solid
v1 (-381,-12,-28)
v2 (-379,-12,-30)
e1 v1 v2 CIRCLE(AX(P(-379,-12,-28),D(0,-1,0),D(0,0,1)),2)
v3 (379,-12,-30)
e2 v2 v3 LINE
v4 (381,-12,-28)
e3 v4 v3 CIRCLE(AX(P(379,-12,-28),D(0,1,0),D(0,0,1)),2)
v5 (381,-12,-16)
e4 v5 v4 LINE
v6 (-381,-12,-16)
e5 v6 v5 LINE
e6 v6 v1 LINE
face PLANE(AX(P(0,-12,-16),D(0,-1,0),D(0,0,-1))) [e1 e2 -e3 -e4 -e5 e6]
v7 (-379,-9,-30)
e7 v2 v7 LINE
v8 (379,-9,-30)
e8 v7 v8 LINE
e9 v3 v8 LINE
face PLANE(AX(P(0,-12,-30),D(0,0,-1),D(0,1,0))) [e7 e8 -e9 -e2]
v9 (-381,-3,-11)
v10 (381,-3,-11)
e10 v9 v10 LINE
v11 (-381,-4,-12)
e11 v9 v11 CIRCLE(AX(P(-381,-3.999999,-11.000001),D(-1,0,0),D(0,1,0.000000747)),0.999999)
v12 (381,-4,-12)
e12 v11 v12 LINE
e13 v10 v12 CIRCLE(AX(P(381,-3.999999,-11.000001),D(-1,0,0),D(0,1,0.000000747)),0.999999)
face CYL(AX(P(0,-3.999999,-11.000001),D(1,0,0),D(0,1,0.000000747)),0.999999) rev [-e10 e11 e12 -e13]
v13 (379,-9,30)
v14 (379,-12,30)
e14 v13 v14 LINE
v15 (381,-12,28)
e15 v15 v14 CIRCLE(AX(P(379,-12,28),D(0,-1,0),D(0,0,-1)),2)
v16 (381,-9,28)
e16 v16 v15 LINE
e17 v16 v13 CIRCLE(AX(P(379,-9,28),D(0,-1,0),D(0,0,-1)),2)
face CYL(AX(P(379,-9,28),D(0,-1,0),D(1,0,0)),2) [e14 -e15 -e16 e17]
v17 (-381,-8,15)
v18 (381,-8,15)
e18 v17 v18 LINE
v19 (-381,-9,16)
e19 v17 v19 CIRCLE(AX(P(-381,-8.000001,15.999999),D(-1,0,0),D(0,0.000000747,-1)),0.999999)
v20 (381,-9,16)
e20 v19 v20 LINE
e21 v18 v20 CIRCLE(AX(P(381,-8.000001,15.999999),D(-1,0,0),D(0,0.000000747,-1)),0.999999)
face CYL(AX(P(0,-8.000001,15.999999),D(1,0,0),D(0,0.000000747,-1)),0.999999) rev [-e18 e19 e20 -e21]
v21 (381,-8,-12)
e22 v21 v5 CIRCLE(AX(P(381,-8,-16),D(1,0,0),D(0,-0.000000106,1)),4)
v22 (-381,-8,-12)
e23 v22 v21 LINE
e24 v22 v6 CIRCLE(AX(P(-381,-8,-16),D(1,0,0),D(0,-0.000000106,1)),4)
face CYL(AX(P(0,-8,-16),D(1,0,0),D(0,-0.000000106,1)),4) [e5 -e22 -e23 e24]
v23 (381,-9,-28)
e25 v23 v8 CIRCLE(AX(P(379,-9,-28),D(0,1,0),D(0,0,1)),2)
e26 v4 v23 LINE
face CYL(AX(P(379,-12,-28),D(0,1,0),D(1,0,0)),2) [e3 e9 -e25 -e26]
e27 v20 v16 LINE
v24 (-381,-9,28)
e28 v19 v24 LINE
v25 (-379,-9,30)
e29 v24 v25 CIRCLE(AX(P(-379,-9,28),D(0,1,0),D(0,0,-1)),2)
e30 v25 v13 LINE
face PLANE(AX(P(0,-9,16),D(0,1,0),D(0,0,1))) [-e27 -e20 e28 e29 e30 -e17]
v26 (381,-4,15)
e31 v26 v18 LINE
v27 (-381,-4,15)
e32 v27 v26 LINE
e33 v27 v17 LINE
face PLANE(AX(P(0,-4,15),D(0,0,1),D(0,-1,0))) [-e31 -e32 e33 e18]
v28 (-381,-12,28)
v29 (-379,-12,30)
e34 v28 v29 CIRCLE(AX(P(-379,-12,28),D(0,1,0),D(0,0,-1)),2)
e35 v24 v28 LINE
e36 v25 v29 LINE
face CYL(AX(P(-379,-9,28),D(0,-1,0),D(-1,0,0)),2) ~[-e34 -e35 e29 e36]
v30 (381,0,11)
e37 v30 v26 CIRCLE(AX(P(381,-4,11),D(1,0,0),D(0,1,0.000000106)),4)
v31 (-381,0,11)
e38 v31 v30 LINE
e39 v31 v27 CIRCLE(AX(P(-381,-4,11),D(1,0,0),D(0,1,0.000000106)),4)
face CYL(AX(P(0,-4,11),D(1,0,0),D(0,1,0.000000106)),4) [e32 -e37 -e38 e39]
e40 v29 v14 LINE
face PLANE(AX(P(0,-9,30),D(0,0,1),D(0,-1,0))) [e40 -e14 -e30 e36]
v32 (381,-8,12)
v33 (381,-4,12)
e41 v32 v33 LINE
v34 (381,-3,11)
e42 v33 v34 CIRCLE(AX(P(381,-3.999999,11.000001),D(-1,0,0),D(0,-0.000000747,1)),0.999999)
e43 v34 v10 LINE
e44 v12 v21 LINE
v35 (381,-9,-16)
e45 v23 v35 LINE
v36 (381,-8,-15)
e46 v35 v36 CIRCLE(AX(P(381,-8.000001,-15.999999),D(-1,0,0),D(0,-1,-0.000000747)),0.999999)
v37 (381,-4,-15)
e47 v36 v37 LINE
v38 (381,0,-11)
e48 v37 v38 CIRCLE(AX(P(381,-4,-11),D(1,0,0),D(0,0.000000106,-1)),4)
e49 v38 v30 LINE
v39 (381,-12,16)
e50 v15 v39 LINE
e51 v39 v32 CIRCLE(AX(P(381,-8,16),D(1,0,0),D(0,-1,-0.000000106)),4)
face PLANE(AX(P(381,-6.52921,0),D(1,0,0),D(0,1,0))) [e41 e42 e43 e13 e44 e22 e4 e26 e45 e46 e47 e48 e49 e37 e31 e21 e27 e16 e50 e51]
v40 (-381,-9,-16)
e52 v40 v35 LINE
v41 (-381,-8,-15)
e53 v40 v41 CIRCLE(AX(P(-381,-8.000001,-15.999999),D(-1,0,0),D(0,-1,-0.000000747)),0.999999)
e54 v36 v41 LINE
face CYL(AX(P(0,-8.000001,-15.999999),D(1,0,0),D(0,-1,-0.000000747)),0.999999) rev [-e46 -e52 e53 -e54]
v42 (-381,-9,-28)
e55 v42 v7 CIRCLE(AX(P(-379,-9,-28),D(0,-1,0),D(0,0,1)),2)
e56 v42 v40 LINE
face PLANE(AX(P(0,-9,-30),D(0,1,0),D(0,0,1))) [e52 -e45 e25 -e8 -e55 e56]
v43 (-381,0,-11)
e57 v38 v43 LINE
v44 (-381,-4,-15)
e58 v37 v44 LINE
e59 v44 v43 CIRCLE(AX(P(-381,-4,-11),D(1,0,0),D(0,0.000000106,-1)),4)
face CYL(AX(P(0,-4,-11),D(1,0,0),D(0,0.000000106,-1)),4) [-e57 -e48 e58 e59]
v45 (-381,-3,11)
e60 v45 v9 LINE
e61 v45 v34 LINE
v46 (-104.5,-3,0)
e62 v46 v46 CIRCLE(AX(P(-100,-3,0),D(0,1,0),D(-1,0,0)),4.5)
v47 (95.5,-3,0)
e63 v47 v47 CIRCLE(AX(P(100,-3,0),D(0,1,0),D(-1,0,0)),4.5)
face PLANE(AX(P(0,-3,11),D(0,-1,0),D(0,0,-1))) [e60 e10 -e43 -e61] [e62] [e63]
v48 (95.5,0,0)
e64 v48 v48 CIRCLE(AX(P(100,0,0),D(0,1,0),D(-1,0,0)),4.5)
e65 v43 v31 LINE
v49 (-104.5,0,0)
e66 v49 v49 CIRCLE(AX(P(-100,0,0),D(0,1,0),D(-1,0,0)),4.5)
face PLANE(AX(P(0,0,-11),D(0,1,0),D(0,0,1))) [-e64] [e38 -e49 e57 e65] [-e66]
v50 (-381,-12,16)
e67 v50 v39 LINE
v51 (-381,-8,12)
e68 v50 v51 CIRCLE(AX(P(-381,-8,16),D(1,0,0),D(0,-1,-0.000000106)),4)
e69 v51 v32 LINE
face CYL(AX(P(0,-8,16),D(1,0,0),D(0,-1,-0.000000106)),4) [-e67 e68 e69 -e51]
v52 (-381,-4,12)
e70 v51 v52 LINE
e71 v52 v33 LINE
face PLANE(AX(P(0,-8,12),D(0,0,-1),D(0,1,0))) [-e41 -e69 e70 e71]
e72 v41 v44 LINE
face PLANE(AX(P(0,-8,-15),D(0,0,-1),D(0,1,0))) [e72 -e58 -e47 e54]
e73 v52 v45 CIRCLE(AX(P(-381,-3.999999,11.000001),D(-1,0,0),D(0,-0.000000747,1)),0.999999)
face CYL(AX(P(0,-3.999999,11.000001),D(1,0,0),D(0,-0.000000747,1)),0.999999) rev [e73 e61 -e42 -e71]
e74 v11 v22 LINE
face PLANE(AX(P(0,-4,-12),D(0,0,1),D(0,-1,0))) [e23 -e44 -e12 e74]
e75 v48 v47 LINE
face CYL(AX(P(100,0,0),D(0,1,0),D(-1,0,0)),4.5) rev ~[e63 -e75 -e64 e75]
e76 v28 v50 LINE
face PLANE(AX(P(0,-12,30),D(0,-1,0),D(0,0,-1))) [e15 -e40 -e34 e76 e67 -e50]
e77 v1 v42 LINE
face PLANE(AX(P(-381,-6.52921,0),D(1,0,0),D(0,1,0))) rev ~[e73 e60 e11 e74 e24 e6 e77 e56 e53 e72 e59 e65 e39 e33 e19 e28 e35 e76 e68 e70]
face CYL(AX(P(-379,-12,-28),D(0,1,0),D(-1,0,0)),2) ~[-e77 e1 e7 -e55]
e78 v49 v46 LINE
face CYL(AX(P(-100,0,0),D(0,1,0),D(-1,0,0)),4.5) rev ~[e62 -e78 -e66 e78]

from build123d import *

# Parameters (mm, degrees)
F1_DEPTH = 381
F2_R     = 4.5
F3_DEPTH = 12.001
F4_R     = 2


with BuildPart() as f1:
    # F0 (on Right) → F1 (new body, symmetric)
    with BuildSketch(Plane.YZ):
        with BuildLine():
            Line((0, -11), (0, 0))
            Line((0, 0), (0, 11))
            ThreePointArc((0, 11), (-1.171573, 13.828427), (-4, 15))
            Line((-4, 15), (-8, 15))
            ThreePointArc((-8, 15), (-8.707107, 15.292893), (-9, 16))
            Line((-9, 16), (-9, 30))
            Line((-9, 30), (-12, 30))
            Line((-12, 30), (-12, 16))
            ThreePointArc((-12, 16), (-10.828427, 13.171573), (-8, 12))
            Line((-8, 12), (-4, 12))
            ThreePointArc((-4, 12), (-3.292893, 11.707107), (-3, 11))
            Line((-3, 11), (-3, 0))
            Line((-3, 0), (-3, -11))
            ThreePointArc((-3, -11), (-3.292893, -11.707107), (-4, -12))
            Line((-4, -12), (-8, -12))
            ThreePointArc((-8, -12), (-10.828427, -13.171573), (-12, -16))
            Line((-12, -16), (-12, -30))
            Line((-12, -30), (-9, -30))
            Line((-9, -30), (-9, -16))
            ThreePointArc((-9, -16), (-8.707107, -15.292893), (-8, -15))
            Line((-8, -15), (-4, -15))
            ThreePointArc((-4, -15), (-1.171573, -13.828427), (0, -11))
        make_face()
    extrude(amount=F1_DEPTH, both=True)

    # F2 (on face) → F3 (cut, through all)
    with BuildSketch(Plane(origin=(0, 0, 0), x_dir=(-1, 0, 0), z_dir=(0, 1, 0))):
        with Locations((-100, 0)):
            Circle(F2_R)
        with Locations((100, 0)):
            Circle(F2_R)
    extrude(amount=-F3_DEPTH, mode=Mode.SUBTRACT)

    # F4
    f4_edges = [f1.edges().sort_by_distance(p)[0] for p in [
        (-381, -10.5, 30),
        (-381, -10.5, -30),
        (381, -10.5, 30),
        (381, -10.5, -30),
    ]]
    fillet(f4_edges, radius=F4_R)


solid = f1.part
